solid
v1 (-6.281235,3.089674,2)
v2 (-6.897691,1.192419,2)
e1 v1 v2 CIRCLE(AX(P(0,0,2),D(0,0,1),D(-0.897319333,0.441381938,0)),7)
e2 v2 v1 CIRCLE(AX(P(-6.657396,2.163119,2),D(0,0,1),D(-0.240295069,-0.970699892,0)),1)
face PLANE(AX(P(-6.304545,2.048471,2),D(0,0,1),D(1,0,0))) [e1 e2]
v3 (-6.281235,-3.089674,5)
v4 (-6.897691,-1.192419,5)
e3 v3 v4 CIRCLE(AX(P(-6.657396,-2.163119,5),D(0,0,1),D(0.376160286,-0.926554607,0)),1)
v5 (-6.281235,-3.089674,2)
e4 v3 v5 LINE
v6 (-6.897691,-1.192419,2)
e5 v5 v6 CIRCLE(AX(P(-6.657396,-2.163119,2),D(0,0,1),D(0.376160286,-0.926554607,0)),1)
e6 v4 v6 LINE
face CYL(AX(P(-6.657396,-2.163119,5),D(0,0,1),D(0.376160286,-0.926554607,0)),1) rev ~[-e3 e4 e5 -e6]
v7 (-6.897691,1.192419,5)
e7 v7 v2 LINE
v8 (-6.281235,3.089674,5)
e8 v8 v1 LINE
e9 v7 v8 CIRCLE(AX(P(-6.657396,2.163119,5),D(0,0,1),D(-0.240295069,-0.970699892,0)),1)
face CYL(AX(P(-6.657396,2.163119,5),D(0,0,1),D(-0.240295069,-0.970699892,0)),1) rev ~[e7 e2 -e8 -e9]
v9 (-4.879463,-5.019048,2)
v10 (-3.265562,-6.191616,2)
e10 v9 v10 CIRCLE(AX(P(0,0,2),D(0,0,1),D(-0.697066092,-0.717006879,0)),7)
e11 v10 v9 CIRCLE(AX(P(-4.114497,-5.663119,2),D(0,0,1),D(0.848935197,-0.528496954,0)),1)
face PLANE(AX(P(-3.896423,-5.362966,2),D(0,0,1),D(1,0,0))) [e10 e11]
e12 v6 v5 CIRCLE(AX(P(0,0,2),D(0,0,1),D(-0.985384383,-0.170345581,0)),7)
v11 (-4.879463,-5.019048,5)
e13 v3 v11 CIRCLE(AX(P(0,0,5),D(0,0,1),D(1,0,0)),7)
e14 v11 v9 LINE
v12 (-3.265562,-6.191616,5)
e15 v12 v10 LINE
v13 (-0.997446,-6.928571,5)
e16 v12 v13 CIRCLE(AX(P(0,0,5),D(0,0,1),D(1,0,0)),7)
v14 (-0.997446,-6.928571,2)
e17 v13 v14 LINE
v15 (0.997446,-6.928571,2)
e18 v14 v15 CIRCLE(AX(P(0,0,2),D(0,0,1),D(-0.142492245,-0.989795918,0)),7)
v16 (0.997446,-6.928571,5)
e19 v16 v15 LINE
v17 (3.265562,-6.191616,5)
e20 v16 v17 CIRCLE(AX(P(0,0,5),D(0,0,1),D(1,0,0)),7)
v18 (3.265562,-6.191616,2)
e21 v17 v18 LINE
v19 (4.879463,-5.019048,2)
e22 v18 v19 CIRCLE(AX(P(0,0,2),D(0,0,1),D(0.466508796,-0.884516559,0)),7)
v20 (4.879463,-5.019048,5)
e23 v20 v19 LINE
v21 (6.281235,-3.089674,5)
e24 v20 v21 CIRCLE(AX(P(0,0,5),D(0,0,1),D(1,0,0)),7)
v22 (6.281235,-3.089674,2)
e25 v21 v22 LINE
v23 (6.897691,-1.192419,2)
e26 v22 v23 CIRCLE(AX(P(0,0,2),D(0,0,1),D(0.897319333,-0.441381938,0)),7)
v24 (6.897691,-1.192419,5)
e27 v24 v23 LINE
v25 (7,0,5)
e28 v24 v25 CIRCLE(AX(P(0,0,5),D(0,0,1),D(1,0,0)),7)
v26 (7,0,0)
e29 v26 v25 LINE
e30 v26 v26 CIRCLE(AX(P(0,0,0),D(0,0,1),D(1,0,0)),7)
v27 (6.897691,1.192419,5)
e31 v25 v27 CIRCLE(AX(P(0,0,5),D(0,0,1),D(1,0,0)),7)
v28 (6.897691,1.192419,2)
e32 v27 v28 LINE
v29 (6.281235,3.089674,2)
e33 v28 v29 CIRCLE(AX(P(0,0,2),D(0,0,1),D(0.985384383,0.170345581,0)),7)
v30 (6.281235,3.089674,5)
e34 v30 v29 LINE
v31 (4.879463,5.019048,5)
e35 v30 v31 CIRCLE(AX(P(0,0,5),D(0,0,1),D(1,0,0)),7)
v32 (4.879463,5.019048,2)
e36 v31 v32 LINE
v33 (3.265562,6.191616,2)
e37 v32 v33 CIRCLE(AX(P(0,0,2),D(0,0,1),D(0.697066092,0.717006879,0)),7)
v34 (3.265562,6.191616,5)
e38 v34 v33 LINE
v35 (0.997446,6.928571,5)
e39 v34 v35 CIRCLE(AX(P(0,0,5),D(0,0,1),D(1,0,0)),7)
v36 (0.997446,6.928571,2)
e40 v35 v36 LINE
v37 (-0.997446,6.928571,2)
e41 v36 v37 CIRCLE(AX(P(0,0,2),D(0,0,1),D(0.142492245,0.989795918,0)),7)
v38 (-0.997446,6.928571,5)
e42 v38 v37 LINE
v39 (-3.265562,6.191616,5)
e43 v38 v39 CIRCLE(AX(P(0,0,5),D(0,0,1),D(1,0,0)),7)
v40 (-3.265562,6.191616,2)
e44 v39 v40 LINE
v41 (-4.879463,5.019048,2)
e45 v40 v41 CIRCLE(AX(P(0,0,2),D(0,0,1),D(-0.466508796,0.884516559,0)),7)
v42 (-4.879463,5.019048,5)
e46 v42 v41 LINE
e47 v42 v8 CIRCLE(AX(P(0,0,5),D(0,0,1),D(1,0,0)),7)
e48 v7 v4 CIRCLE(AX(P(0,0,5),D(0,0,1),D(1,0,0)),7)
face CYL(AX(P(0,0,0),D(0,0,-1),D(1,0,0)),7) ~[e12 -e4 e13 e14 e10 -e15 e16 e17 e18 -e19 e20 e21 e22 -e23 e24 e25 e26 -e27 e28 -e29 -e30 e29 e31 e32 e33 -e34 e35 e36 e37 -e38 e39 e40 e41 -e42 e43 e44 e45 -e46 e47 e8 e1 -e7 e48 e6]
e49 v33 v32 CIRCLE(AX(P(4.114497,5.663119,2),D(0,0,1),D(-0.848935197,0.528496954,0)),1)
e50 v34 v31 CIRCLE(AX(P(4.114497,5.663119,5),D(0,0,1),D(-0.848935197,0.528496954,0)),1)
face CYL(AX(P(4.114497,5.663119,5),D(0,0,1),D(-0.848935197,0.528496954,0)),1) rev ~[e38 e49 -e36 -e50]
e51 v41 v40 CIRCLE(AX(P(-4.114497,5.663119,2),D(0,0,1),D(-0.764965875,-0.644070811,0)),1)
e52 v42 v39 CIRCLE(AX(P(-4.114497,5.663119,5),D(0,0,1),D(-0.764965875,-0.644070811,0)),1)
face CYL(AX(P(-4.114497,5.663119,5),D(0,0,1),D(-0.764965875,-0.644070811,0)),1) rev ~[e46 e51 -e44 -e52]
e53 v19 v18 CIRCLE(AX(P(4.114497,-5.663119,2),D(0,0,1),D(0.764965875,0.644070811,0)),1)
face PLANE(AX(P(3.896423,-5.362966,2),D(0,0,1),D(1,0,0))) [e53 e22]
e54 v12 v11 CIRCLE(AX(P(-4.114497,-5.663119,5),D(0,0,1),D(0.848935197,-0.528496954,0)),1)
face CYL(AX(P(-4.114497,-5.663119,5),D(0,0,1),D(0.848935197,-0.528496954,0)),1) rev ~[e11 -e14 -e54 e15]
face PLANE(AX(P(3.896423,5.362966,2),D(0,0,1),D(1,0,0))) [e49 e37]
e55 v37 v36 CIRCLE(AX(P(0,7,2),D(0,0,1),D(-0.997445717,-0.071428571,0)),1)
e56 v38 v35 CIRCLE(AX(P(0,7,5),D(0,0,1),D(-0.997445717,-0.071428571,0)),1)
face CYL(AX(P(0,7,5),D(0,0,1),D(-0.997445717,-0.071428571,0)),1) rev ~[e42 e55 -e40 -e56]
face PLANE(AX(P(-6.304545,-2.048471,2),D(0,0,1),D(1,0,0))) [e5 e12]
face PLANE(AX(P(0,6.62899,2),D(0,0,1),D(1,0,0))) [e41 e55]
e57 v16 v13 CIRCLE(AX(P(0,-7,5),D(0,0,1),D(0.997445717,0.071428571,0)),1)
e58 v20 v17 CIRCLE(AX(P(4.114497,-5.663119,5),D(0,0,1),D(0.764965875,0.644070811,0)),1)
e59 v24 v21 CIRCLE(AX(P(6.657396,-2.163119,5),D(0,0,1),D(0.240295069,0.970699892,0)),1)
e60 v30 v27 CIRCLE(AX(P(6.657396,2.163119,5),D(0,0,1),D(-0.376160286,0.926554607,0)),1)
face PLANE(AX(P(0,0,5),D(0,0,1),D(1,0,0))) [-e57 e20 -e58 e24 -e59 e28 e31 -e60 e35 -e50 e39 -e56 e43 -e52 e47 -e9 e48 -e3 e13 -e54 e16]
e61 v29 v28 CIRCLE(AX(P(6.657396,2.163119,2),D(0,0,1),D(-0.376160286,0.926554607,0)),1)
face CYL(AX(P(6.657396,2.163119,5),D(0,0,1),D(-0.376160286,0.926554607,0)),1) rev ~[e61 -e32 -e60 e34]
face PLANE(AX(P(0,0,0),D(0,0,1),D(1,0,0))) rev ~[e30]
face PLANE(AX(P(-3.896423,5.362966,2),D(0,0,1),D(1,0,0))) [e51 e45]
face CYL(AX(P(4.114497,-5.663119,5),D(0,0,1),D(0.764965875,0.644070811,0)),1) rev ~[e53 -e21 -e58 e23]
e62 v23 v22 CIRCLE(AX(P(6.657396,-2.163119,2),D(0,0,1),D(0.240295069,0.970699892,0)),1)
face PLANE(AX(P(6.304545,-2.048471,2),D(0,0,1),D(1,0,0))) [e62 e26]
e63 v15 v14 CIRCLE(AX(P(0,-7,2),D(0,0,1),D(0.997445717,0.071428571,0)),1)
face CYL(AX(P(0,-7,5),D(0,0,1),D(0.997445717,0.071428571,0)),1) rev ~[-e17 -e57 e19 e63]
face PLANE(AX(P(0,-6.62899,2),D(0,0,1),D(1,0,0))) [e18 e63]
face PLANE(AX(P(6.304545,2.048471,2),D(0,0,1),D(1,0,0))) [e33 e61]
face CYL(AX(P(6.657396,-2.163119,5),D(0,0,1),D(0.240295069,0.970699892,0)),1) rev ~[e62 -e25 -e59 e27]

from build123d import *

# Parameters (mm, degrees)
F0_R     = 7
F1_DEPTH = 5
F3_DEPTH = 3


with BuildPart() as f1:
    # F0 (on Top) → F1 (new body)
    with BuildSketch(Plane.XY):
        Circle(F0_R)
    extrude(amount=F1_DEPTH)

    # F2 (on face) → F3 (cut)
    with BuildSketch(Plane.XY.offset(5)):
        with BuildLine():
            ThreePointArc((0.9974457174, 6.9285714286), (0, 7), (-0.9974457174, 6.9285714286))
            ThreePointArc((-0.9974457174, 6.9285714286), (0, 6), (0.9974457174, 6.9285714286))
        make_face()
        with BuildLine():
            ThreePointArc((4.8794626415, 5.0190481498), (4.114496766, 5.6631189606), (3.2655615688, 6.1916159151))
            ThreePointArc((3.2655615688, 6.1916159151), (3.5267115138, 4.8541019662), (4.8794626415, 5.0190481498))
        make_face()
        with BuildLine():
            ThreePointArc((6.8976906834, 1.192419069), (6.6573956141, 2.1631189606), (6.2812353281, 3.0896735674))
            ThreePointArc((6.2812353281, 3.0896735674), (5.7063390978, 1.8541019662), (6.8976906834, 1.192419069))
        make_face()
        with BuildLine():
            ThreePointArc((6.2812353281, -3.0896735674), (6.6573956141, -2.1631189606), (6.8976906834, -1.192419069))
            ThreePointArc((6.8976906834, -1.192419069), (5.7063390978, -1.8541019662), (6.2812353281, -3.0896735674))
        make_face()
        with BuildLine():
            ThreePointArc((3.2655615688, -6.1916159151), (4.114496766, -5.6631189606), (4.8794626415, -5.0190481498))
            ThreePointArc((4.8794626415, -5.0190481498), (3.5267115138, -4.8541019662), (3.2655615688, -6.1916159151))
        make_face()
        with BuildLine():
            ThreePointArc((0.9974457174, -6.9285714286), (0, -6), (-0.9974457174, -6.9285714286))
            ThreePointArc((-0.9974457174, -6.9285714286), (0, -7), (0.9974457174, -6.9285714286))
        make_face()
        with BuildLine():
            ThreePointArc((-3.2655615688, -6.1916159151), (-3.5267115138, -4.8541019662), (-4.8794626415, -5.0190481498))
            ThreePointArc((-4.8794626415, -5.0190481498), (-4.114496766, -5.6631189606), (-3.2655615688, -6.1916159151))
        make_face()
        with BuildLine():
            ThreePointArc((-6.2812353281, -3.0896735674), (-5.7063390978, -1.8541019662), (-6.8976906834, -1.192419069))
            ThreePointArc((-6.8976906834, -1.192419069), (-6.6573956141, -2.1631189606), (-6.2812353281, -3.0896735674))
        make_face()
        with BuildLine():
            ThreePointArc((-6.8976906834, 1.192419069), (-5.7063390978, 1.8541019662), (-6.2812353281, 3.0896735674))
            ThreePointArc((-6.2812353281, 3.0896735674), (-6.6573956141, 2.1631189606), (-6.8976906834, 1.192419069))
        make_face()
        with BuildLine():
            ThreePointArc((-4.8794626415, 5.0190481498), (-3.5267115138, 4.8541019662), (-3.2655615688, 6.1916159151))
            ThreePointArc((-3.2655615688, 6.1916159151), (-4.114496766, 5.6631189606), (-4.8794626415, 5.0190481498))
        make_face()
    extrude(amount=-F3_DEPTH, mode=Mode.SUBTRACT)


solid = f1.part
